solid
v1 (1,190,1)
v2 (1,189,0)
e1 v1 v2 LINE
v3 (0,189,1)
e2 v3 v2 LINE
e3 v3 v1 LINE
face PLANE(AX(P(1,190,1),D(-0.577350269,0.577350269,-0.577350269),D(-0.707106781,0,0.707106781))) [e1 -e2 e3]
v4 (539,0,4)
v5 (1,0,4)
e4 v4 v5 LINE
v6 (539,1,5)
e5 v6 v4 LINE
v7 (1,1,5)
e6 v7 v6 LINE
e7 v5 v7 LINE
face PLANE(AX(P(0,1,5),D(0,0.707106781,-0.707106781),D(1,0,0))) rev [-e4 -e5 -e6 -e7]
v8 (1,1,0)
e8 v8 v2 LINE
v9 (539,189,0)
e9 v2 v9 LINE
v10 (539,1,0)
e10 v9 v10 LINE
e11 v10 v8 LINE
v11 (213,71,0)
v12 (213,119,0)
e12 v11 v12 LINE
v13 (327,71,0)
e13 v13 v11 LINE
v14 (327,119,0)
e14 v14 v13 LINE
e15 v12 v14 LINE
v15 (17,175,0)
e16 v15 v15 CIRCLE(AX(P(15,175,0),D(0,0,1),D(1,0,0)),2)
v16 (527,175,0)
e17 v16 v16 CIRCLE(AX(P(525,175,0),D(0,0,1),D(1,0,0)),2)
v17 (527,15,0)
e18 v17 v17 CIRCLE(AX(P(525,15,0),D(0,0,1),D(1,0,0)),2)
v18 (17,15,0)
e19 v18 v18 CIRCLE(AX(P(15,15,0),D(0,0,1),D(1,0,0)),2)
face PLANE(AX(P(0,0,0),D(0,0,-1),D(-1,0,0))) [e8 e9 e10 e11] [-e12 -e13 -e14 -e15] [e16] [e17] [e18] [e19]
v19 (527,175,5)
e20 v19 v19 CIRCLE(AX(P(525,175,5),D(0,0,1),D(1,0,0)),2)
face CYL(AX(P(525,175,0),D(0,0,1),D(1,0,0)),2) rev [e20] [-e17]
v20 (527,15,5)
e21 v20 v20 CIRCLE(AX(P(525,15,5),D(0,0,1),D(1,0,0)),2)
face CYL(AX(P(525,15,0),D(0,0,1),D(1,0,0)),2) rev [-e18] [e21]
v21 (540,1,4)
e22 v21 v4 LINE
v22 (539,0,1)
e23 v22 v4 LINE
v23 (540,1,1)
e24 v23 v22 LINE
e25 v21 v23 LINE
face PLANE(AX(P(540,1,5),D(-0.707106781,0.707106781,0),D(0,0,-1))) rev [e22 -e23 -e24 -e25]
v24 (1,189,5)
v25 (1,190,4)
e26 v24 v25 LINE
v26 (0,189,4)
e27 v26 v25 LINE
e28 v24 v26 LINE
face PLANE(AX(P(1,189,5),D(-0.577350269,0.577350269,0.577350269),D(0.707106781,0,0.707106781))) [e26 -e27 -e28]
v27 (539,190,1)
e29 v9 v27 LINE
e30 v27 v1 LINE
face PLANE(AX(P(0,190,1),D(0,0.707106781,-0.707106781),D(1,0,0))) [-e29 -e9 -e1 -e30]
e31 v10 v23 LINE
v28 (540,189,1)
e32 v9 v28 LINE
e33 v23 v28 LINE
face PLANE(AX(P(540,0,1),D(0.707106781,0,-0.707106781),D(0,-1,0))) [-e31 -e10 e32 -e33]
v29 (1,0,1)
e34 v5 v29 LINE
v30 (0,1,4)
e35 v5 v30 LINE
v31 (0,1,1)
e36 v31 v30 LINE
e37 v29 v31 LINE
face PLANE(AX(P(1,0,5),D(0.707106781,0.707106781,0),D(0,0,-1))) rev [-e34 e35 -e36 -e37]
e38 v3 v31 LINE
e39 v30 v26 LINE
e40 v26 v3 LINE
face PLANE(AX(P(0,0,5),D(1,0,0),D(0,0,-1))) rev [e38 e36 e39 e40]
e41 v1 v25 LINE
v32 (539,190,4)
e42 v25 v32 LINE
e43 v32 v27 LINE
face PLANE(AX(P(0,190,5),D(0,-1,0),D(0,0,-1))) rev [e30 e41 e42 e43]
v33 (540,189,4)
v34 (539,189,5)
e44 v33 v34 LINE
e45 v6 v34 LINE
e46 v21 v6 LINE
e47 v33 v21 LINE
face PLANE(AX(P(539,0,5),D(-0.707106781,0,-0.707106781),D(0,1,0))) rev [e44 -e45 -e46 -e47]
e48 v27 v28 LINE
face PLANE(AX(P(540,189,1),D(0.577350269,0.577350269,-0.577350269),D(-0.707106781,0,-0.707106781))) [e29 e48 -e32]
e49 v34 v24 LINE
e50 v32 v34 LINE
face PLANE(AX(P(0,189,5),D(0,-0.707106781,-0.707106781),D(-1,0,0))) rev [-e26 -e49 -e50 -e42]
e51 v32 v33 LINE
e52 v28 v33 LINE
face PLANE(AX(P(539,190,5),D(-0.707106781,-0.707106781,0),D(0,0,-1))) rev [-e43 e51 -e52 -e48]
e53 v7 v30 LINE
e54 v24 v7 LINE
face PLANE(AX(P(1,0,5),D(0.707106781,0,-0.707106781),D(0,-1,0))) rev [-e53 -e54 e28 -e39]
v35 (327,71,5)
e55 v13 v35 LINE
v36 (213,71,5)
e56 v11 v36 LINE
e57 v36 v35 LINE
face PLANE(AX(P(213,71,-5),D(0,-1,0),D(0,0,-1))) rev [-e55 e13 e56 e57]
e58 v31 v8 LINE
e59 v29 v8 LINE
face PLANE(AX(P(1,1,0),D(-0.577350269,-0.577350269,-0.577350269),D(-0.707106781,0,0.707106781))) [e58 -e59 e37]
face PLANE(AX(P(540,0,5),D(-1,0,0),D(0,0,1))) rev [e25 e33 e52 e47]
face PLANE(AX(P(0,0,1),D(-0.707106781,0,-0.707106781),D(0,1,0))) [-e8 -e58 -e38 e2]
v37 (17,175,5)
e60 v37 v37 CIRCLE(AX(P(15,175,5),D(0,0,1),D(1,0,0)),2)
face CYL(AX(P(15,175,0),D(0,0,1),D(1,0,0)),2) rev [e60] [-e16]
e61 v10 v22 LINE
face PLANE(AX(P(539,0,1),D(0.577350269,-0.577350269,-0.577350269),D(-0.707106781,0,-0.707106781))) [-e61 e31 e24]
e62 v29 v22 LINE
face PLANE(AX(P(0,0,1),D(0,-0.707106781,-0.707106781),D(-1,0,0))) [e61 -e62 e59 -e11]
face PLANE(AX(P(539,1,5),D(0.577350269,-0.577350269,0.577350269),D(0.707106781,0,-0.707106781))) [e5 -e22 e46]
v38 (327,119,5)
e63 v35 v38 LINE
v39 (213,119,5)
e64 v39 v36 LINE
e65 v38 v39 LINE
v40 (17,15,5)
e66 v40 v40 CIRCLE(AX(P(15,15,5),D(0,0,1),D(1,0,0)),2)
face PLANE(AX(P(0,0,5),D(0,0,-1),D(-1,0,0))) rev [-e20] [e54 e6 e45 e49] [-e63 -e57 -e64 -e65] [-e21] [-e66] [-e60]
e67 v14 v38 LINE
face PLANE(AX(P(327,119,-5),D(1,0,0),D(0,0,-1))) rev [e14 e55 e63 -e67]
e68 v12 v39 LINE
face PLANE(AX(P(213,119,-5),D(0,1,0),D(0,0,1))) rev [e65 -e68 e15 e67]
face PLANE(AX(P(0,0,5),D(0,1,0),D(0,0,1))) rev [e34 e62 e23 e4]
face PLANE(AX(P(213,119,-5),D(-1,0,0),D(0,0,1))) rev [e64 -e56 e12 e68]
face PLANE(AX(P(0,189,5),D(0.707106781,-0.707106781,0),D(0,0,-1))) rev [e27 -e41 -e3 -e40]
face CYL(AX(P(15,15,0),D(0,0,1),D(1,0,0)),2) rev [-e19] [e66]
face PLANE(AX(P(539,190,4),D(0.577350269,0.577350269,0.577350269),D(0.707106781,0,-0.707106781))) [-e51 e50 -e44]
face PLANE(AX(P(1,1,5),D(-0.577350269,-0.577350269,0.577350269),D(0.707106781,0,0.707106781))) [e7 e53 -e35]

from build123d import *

# Parameters (mm, degrees)
SKETCH1_W           = 540
SKETCH1_H           = 190
BOSS_EXTRUDE1_DEPTH = 5
CHAMFER1_SIZE       = 1
SKETCH2_R           = 2
CUT_EXTRUDE1_DEPTH  = 5
SKETCH3_W           = 114
SKETCH3_H           = 48
CUT_EXTRUDE2_DEPTH  = 10


with BuildPart() as part:
    # Sketch1 → Boss-Extrude1 (new body)
    with BuildSketch(Plane.XY):
        with Locations((270, 95)):
            Rectangle(SKETCH1_W, SKETCH1_H)
    extrude(amount=BOSS_EXTRUDE1_DEPTH)

    # Chamfer1
    chamfer1_edges = [part.edges().sort_by_distance(p)[0] for p in [
        (540, 95, 5),
        (270, 190, 5),
        (0, 95, 5),
        (270, 190, 0),
        (540, 95, 0),
        (270, 0, 0),
        (0, 95, 0),
        (0, 190, 2.5),
        (540, 190, 2.5),
        (540, 0, 2.5),
        (0, 0, 2.5),
        (270, 0, 5),
    ]]
    chamfer(chamfer1_edges, length=CHAMFER1_SIZE)

    # Sketch2 → Cut-Extrude1 (cut)
    with BuildSketch(Plane.XY.offset(5)):
        with Locations((525, 175)):
            Circle(SKETCH2_R)
        with Locations((525, 15)):
            Circle(SKETCH2_R)
        with Locations((15, 175)):
            Circle(SKETCH2_R)
        with Locations((15, 15)):
            Circle(SKETCH2_R)
    extrude(amount=-CUT_EXTRUDE1_DEPTH, mode=Mode.SUBTRACT)

    # Sketch3 → Cut-Extrude2 (cut)
    with BuildSketch(Plane.XY.offset(5)):
        with Locations((270, 95)):
            Rectangle(SKETCH3_W, SKETCH3_H)
    extrude(amount=-CUT_EXTRUDE2_DEPTH, mode=Mode.SUBTRACT)


solid = part.part
